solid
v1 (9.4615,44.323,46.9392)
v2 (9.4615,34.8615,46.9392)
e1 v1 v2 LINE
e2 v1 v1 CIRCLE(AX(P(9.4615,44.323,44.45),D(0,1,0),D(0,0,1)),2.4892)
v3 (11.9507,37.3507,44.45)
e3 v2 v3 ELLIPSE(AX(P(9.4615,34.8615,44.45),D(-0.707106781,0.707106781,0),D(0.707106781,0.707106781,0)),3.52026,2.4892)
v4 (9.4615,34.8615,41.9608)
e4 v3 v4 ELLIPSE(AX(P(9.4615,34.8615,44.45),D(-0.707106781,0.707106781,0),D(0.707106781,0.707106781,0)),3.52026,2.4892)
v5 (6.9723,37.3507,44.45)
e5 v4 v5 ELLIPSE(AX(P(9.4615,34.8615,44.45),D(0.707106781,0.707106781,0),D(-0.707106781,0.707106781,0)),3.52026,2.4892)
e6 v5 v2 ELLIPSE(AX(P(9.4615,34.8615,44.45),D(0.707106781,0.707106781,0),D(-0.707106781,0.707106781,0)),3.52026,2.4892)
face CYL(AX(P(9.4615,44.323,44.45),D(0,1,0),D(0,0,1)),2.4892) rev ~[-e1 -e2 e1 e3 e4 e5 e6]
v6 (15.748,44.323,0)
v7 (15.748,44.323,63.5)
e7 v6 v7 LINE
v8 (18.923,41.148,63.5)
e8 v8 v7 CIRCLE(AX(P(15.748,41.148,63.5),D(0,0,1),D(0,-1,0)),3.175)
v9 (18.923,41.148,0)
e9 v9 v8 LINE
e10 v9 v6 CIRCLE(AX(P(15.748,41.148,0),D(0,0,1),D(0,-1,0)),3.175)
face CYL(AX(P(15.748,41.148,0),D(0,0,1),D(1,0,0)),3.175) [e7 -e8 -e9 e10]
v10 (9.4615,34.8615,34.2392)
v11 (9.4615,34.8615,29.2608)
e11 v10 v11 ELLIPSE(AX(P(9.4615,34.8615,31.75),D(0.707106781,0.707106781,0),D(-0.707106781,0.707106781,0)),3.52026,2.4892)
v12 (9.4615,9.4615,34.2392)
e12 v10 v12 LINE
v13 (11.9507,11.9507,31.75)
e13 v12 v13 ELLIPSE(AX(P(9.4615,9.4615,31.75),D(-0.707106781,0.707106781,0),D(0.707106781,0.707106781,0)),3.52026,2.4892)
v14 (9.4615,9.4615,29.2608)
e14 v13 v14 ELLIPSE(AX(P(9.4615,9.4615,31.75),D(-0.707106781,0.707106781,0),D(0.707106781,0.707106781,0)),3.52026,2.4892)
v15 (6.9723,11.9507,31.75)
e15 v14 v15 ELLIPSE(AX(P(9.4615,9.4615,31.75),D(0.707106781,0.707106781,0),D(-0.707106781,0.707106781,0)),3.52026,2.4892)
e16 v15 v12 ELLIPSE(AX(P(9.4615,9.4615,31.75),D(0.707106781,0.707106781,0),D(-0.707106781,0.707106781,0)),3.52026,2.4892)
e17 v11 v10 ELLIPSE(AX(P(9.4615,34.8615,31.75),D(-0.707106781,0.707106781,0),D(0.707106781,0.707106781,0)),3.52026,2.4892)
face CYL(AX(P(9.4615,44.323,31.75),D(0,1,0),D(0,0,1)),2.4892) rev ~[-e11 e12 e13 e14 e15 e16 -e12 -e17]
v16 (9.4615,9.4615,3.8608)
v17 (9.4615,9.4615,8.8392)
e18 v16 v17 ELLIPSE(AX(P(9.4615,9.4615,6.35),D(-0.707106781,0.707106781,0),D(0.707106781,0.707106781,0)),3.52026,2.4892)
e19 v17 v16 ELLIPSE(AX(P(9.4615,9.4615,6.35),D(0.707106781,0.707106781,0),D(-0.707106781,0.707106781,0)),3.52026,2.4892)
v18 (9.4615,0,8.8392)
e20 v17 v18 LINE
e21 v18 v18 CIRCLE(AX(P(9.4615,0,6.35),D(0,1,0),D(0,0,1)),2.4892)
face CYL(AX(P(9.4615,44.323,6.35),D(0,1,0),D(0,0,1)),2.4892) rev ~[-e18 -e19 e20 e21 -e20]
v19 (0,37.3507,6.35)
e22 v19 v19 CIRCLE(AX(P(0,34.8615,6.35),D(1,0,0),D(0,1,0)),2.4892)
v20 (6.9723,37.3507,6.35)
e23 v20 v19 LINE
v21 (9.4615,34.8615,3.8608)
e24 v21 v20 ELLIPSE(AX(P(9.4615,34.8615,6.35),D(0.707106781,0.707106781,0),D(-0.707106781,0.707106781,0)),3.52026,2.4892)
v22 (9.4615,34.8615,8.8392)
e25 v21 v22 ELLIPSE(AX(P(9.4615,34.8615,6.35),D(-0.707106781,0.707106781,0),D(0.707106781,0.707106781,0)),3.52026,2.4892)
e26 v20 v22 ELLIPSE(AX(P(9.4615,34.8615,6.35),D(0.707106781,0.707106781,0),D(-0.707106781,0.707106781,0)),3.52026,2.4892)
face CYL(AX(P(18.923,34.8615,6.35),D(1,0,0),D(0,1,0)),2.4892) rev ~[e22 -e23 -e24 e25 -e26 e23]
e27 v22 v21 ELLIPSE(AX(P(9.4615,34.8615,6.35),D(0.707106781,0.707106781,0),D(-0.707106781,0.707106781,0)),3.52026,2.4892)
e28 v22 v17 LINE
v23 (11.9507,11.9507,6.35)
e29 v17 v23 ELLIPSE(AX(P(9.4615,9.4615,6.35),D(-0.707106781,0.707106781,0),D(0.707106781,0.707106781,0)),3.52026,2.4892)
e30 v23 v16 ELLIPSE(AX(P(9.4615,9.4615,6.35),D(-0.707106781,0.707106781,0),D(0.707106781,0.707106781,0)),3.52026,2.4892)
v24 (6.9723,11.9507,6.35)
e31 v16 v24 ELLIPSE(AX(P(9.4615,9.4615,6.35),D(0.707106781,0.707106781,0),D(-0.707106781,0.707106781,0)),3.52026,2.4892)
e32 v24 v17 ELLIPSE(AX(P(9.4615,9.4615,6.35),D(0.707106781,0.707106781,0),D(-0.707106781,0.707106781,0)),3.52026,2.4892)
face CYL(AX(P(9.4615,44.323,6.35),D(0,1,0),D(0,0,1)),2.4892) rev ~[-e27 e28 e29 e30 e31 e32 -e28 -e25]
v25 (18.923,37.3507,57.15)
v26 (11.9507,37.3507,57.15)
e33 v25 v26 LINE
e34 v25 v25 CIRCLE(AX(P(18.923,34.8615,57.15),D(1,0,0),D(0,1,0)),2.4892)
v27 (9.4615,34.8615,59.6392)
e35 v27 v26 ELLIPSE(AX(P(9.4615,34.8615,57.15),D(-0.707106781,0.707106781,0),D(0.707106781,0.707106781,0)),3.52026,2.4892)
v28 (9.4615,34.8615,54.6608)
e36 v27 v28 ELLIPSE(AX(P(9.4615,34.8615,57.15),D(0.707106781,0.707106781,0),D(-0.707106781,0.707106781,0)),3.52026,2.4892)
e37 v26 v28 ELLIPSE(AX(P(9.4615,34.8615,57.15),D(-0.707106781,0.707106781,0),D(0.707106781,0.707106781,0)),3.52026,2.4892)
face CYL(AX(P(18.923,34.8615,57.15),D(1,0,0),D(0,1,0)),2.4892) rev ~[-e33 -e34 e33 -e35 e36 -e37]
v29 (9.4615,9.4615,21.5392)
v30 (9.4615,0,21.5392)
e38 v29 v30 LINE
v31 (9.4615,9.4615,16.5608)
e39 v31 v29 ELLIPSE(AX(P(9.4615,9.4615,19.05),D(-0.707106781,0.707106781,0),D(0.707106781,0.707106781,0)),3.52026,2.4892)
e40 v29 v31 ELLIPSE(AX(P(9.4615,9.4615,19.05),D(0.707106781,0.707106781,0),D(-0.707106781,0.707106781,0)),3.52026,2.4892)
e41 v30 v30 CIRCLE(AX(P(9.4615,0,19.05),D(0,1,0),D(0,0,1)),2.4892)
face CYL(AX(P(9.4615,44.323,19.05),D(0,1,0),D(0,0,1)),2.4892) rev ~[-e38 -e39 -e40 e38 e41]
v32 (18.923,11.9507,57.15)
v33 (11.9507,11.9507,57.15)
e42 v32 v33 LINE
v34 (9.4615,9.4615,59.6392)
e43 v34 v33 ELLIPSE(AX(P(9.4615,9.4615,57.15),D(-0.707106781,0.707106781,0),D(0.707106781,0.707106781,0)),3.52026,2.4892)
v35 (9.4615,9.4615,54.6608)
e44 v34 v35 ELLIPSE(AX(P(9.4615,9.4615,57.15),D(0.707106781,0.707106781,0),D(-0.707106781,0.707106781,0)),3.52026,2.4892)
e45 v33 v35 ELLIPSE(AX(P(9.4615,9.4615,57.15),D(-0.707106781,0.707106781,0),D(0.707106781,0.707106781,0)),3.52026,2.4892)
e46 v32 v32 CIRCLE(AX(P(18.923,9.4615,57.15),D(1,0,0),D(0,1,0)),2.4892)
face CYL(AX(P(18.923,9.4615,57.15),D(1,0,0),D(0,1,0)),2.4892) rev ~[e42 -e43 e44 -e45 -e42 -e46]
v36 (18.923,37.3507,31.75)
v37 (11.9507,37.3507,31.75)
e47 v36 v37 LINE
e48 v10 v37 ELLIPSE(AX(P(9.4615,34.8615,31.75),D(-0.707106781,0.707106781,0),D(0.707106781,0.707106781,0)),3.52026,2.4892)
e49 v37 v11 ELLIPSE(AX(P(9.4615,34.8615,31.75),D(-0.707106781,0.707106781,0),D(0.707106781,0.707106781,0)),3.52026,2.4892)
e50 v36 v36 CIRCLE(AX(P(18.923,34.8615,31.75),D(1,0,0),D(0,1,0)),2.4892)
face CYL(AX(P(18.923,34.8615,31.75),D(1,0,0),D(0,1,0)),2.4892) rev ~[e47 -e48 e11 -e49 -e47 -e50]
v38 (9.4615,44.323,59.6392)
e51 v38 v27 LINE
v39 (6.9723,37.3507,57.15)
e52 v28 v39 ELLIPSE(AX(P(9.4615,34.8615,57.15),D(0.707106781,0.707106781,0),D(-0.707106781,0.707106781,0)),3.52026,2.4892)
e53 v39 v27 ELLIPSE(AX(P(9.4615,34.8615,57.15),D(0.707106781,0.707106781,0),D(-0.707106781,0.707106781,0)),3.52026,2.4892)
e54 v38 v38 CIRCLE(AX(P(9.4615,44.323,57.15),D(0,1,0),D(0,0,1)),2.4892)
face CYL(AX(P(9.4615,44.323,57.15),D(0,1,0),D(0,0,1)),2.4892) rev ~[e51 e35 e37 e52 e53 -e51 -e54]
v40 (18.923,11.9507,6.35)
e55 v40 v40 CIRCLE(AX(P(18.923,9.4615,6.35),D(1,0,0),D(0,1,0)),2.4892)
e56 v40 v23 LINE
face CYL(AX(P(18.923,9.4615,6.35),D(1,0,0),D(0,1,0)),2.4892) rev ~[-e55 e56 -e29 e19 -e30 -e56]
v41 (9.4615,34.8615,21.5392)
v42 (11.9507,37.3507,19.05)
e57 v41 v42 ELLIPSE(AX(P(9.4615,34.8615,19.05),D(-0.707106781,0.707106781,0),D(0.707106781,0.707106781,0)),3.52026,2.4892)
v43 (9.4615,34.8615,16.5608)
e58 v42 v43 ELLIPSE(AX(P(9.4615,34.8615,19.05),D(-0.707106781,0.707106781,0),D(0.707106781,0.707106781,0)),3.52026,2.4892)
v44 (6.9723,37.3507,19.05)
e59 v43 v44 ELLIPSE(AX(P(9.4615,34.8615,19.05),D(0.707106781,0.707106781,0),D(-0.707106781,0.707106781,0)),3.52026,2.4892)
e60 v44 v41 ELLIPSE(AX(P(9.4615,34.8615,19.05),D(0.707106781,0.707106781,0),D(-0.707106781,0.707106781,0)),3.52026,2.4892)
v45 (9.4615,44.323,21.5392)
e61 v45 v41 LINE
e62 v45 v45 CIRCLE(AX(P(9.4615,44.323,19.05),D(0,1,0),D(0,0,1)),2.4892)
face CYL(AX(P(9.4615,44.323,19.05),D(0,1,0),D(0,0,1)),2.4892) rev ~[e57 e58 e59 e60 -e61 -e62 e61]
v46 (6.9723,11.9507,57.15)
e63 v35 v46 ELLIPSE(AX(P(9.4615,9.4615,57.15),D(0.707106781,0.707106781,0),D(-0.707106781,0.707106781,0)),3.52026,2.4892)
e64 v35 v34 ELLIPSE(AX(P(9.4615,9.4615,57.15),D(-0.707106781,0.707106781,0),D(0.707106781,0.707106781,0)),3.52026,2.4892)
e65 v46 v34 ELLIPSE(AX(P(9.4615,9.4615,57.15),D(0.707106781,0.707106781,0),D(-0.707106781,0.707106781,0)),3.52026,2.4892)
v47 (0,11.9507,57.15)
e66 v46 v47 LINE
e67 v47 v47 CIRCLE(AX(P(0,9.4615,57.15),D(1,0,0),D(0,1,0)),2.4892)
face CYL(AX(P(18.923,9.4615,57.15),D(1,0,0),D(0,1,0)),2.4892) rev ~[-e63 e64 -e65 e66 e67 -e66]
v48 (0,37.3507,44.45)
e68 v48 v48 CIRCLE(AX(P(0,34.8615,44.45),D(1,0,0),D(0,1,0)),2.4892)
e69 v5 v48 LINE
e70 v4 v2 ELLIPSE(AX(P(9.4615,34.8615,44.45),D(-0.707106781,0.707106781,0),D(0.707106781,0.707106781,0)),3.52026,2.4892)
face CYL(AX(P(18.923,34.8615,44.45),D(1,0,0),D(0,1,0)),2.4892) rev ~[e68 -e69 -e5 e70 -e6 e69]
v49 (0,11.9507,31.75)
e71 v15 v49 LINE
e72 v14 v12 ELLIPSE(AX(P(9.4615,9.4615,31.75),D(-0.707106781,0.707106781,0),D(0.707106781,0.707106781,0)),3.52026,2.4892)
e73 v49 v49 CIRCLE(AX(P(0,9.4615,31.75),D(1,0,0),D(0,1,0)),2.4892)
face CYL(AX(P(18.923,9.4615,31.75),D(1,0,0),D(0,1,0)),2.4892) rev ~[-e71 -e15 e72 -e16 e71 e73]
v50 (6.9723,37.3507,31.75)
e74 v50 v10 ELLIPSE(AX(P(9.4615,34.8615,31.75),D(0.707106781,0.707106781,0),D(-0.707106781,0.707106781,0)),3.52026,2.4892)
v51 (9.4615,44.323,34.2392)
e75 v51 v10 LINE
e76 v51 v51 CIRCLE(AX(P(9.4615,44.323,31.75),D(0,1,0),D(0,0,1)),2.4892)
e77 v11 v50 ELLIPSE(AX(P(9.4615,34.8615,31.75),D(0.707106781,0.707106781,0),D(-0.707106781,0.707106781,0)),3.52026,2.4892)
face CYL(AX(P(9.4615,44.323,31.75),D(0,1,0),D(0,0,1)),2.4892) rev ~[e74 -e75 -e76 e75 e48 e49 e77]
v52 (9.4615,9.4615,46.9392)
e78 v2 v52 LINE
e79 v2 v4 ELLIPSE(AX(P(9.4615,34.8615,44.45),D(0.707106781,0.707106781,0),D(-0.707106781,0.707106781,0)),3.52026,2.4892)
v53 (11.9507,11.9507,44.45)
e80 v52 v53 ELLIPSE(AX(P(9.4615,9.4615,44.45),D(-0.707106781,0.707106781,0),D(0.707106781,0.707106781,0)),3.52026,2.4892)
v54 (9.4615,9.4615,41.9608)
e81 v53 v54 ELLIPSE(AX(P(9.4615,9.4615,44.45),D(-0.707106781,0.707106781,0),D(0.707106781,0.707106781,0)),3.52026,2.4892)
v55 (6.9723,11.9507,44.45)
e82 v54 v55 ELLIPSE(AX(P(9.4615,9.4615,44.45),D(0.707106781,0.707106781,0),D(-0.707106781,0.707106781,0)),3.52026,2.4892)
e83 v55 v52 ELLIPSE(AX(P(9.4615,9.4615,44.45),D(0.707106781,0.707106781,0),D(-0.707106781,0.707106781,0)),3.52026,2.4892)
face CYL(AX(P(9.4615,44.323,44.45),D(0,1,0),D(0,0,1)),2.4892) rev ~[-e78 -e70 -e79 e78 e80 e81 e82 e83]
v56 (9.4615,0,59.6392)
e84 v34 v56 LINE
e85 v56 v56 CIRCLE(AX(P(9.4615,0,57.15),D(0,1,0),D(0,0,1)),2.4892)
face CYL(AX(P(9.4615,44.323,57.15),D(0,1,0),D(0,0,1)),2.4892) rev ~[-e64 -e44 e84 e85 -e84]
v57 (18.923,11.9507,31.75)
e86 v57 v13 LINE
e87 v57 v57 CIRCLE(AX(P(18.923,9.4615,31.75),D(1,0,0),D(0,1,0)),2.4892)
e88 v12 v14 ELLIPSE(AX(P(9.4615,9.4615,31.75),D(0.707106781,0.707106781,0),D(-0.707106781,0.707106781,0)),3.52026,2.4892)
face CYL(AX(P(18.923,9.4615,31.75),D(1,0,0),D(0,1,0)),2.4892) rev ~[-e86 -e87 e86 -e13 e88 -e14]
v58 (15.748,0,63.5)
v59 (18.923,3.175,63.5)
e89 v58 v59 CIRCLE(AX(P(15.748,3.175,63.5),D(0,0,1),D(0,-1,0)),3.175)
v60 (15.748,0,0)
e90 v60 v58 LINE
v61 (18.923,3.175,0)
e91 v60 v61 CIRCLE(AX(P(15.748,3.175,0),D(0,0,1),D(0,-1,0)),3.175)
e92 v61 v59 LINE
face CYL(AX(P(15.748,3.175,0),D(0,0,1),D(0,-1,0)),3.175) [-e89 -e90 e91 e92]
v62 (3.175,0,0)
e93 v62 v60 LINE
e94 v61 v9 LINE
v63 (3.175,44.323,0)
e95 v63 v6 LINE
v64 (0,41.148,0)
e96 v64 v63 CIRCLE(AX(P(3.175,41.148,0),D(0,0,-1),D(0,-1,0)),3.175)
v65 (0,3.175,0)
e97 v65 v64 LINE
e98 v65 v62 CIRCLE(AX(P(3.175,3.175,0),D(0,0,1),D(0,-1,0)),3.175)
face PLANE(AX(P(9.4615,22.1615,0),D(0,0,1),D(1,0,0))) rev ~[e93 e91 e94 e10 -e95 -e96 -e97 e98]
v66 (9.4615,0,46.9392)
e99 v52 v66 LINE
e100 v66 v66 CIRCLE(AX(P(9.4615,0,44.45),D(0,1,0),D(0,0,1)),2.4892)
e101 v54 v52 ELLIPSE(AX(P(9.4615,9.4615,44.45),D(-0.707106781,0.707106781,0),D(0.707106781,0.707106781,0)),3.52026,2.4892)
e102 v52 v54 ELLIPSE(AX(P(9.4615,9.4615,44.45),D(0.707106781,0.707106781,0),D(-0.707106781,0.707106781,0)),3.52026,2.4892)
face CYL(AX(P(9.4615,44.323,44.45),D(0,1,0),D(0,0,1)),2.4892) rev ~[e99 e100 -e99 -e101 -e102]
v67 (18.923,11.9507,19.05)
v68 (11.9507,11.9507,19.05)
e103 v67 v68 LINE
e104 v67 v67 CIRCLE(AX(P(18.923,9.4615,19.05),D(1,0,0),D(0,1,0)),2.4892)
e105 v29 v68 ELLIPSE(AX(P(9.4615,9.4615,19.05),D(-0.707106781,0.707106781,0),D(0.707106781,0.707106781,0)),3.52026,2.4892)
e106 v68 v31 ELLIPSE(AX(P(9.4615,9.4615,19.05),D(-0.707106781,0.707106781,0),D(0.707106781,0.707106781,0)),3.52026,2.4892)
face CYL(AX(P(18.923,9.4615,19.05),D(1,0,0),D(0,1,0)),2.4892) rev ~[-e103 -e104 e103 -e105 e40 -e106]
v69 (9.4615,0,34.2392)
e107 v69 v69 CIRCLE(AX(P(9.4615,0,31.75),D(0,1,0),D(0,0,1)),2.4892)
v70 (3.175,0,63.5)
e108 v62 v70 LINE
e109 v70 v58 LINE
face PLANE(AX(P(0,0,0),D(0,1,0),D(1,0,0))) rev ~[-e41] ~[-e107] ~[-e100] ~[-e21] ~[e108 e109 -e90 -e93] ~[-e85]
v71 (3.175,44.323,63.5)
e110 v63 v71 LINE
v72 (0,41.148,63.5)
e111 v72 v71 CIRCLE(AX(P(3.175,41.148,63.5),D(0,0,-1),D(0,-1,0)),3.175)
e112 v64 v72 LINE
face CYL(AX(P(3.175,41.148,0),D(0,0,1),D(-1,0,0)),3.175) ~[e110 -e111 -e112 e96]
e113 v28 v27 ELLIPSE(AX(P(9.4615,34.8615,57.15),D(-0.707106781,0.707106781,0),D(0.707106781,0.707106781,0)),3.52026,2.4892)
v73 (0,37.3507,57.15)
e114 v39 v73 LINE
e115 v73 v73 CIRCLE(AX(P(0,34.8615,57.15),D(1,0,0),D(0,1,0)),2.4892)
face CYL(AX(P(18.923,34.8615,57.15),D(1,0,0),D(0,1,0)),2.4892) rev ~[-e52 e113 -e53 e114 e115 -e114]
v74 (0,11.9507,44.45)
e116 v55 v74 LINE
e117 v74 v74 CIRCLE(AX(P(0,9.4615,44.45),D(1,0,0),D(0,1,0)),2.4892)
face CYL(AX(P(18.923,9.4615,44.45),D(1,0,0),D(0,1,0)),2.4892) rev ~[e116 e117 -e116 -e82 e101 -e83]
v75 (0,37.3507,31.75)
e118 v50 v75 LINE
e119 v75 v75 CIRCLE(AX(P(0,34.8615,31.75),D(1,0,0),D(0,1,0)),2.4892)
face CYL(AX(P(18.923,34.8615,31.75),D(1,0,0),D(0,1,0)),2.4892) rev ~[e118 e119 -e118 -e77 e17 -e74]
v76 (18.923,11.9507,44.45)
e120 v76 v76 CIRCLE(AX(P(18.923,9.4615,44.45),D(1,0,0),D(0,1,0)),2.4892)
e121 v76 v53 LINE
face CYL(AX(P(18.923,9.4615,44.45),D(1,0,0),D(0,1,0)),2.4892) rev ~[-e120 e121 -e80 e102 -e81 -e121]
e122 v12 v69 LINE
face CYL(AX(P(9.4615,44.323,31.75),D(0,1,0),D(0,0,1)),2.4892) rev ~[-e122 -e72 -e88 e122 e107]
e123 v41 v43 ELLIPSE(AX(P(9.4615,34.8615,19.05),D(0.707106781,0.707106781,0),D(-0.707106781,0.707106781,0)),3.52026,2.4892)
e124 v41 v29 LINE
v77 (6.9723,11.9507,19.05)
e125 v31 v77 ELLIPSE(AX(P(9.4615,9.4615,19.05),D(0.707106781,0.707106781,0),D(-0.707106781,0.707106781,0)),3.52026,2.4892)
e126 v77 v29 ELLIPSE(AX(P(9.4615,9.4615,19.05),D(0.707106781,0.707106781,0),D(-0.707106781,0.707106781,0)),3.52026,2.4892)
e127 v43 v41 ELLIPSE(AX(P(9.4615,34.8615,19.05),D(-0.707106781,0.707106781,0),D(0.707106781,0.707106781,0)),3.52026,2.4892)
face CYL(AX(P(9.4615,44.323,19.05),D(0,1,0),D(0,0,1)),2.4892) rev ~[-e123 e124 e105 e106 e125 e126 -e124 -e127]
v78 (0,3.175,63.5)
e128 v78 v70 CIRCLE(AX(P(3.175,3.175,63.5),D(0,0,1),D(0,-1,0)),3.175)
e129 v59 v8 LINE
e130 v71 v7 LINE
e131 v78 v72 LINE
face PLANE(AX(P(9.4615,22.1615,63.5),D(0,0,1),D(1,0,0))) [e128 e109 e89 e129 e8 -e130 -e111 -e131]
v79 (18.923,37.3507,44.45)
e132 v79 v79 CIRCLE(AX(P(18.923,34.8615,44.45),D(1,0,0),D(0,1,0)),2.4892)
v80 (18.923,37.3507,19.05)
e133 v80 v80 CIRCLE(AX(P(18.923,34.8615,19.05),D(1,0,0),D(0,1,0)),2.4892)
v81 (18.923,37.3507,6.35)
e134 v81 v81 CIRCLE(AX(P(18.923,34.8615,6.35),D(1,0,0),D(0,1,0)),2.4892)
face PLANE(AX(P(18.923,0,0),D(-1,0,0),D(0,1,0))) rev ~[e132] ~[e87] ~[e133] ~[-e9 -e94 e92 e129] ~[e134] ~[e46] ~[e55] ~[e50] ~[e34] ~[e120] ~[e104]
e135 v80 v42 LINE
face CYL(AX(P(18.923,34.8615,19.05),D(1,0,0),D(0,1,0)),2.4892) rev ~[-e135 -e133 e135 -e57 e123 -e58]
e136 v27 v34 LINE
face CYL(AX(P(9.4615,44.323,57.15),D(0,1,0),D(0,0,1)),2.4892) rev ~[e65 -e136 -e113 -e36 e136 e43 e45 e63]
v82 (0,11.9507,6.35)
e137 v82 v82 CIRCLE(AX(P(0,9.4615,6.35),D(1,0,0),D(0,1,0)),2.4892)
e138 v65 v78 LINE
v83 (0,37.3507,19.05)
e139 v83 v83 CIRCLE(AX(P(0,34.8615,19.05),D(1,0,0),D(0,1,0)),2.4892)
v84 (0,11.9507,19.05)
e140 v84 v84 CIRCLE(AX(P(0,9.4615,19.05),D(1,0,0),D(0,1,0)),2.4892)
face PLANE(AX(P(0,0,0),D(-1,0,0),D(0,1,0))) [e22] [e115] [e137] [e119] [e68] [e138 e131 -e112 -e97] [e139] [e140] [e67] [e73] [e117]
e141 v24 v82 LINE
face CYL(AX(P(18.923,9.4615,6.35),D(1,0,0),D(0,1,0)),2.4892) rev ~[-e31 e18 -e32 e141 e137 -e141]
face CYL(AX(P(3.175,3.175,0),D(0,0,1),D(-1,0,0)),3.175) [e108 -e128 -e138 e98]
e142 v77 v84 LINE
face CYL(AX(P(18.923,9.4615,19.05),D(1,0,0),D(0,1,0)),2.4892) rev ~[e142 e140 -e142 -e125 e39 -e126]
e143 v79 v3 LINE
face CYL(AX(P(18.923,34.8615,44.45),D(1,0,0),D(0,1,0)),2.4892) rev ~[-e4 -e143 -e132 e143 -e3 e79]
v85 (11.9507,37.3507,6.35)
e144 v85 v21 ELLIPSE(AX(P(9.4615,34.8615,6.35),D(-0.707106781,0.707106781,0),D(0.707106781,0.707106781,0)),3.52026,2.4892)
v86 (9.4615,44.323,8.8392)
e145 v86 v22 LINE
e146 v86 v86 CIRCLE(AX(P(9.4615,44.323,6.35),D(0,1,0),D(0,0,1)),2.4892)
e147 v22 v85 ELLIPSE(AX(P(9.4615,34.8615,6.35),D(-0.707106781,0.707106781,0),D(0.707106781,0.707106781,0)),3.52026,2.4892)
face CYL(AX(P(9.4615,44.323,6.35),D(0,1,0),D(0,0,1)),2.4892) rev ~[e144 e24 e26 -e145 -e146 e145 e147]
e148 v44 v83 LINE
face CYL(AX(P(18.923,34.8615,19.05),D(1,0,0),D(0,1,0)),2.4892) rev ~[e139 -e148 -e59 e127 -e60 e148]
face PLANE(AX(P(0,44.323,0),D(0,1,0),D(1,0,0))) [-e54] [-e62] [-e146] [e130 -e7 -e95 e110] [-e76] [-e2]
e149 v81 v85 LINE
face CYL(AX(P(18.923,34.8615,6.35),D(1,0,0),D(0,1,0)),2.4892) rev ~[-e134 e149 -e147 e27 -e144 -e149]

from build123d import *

# Parameters (mm, degrees)
SKETCH1_W           = 18.923
SKETCH1_H           = 44.323
BOSS_EXTRUDE1_DEPTH = 63.5
FILLET1_R           = 3.175
SKETCH2_R           = 2.4892
CUT_EXTRUDE1_DEPTH  = 63.5
SKETCH3_R           = 2.4892
CUT_EXTRUDE2_DEPTH  = 63.5


with BuildPart() as part:
    # Sketch1 → Boss-Extrude1 (new body)
    with BuildSketch(Plane.XY):
        with Locations((9.4615, 22.1615)):
            Rectangle(SKETCH1_W, SKETCH1_H)
    extrude(amount=BOSS_EXTRUDE1_DEPTH)

    # Fillet1
    fillet1_edges = [part.edges().sort_by_distance(p)[0] for p in [
        (0, 44.323, 31.75),
        (18.923, 44.323, 31.75),
        (18.923, 0, 31.75),
        (0, 0, 31.75),
    ]]
    fillet(fillet1_edges, radius=FILLET1_R)

    # Sketch2 → Cut-Extrude1 (cut)
    with BuildSketch(Plane(origin=(0, 44.323, 0), x_dir=(1, 0, 0), z_dir=(0, 1, 0))):
        with Locations(Location((9.4615, -6.35, 0), (0, 0, 270))):
            Circle(SKETCH2_R)
        with Locations(Location((9.4615, -19.05, 0), (0, 0, 270))):
            Circle(SKETCH2_R)
        with Locations(Location((9.4615, -31.75, 0), (0, 0, 270))):
            Circle(SKETCH2_R)
        with Locations(Location((9.4615, -44.45, 0), (0, 0, 270))):
            Circle(SKETCH2_R)
        with Locations(Location((9.4615, -57.15, 0), (0, 0, 270))):
            Circle(SKETCH2_R)
    extrude(amount=-CUT_EXTRUDE1_DEPTH, mode=Mode.SUBTRACT)

    # Sketch3 → Cut-Extrude2 (cut)
    with BuildSketch(Plane(origin=(18.923, 0, 0), x_dir=(0, 0, -1), z_dir=(1, 0, 0))):
        with Locations(Location((-57.15, 34.8615, 0), (0, 0, 90))):
            Circle(SKETCH3_R)
        with Locations(Location((-44.45, 34.8615, 0), (0, 0, 90))):
            Circle(SKETCH3_R)
        with Locations(Location((-31.75, 34.8615, 0), (0, 0, 90))):
            Circle(SKETCH3_R)
        with Locations(Location((-19.05, 34.8615, 0), (0, 0, 90))):
            Circle(SKETCH3_R)
        with Locations(Location((-6.35, 34.8615, 0), (0, 0, 90))):
            Circle(SKETCH3_R)
        with Locations(Location((-44.45, 9.4615, 0), (0, 0, 90))):
            Circle(SKETCH3_R)
        with Locations(Location((-31.75, 9.4615, 0), (0, 0, 90))):
            Circle(SKETCH3_R)
        with Locations(Location((-19.05, 9.4615, 0), (0, 0, 90))):
            Circle(SKETCH3_R)
        with Locations(Location((-6.35, 9.4615, 0), (0, 0, 90))):
            Circle(SKETCH3_R)
        with Locations(Location((-57.15, 9.4615, 0), (0, 0, 90))):
            Circle(SKETCH3_R)
    extrude(amount=-CUT_EXTRUDE2_DEPTH, mode=Mode.SUBTRACT)


solid = part.part
